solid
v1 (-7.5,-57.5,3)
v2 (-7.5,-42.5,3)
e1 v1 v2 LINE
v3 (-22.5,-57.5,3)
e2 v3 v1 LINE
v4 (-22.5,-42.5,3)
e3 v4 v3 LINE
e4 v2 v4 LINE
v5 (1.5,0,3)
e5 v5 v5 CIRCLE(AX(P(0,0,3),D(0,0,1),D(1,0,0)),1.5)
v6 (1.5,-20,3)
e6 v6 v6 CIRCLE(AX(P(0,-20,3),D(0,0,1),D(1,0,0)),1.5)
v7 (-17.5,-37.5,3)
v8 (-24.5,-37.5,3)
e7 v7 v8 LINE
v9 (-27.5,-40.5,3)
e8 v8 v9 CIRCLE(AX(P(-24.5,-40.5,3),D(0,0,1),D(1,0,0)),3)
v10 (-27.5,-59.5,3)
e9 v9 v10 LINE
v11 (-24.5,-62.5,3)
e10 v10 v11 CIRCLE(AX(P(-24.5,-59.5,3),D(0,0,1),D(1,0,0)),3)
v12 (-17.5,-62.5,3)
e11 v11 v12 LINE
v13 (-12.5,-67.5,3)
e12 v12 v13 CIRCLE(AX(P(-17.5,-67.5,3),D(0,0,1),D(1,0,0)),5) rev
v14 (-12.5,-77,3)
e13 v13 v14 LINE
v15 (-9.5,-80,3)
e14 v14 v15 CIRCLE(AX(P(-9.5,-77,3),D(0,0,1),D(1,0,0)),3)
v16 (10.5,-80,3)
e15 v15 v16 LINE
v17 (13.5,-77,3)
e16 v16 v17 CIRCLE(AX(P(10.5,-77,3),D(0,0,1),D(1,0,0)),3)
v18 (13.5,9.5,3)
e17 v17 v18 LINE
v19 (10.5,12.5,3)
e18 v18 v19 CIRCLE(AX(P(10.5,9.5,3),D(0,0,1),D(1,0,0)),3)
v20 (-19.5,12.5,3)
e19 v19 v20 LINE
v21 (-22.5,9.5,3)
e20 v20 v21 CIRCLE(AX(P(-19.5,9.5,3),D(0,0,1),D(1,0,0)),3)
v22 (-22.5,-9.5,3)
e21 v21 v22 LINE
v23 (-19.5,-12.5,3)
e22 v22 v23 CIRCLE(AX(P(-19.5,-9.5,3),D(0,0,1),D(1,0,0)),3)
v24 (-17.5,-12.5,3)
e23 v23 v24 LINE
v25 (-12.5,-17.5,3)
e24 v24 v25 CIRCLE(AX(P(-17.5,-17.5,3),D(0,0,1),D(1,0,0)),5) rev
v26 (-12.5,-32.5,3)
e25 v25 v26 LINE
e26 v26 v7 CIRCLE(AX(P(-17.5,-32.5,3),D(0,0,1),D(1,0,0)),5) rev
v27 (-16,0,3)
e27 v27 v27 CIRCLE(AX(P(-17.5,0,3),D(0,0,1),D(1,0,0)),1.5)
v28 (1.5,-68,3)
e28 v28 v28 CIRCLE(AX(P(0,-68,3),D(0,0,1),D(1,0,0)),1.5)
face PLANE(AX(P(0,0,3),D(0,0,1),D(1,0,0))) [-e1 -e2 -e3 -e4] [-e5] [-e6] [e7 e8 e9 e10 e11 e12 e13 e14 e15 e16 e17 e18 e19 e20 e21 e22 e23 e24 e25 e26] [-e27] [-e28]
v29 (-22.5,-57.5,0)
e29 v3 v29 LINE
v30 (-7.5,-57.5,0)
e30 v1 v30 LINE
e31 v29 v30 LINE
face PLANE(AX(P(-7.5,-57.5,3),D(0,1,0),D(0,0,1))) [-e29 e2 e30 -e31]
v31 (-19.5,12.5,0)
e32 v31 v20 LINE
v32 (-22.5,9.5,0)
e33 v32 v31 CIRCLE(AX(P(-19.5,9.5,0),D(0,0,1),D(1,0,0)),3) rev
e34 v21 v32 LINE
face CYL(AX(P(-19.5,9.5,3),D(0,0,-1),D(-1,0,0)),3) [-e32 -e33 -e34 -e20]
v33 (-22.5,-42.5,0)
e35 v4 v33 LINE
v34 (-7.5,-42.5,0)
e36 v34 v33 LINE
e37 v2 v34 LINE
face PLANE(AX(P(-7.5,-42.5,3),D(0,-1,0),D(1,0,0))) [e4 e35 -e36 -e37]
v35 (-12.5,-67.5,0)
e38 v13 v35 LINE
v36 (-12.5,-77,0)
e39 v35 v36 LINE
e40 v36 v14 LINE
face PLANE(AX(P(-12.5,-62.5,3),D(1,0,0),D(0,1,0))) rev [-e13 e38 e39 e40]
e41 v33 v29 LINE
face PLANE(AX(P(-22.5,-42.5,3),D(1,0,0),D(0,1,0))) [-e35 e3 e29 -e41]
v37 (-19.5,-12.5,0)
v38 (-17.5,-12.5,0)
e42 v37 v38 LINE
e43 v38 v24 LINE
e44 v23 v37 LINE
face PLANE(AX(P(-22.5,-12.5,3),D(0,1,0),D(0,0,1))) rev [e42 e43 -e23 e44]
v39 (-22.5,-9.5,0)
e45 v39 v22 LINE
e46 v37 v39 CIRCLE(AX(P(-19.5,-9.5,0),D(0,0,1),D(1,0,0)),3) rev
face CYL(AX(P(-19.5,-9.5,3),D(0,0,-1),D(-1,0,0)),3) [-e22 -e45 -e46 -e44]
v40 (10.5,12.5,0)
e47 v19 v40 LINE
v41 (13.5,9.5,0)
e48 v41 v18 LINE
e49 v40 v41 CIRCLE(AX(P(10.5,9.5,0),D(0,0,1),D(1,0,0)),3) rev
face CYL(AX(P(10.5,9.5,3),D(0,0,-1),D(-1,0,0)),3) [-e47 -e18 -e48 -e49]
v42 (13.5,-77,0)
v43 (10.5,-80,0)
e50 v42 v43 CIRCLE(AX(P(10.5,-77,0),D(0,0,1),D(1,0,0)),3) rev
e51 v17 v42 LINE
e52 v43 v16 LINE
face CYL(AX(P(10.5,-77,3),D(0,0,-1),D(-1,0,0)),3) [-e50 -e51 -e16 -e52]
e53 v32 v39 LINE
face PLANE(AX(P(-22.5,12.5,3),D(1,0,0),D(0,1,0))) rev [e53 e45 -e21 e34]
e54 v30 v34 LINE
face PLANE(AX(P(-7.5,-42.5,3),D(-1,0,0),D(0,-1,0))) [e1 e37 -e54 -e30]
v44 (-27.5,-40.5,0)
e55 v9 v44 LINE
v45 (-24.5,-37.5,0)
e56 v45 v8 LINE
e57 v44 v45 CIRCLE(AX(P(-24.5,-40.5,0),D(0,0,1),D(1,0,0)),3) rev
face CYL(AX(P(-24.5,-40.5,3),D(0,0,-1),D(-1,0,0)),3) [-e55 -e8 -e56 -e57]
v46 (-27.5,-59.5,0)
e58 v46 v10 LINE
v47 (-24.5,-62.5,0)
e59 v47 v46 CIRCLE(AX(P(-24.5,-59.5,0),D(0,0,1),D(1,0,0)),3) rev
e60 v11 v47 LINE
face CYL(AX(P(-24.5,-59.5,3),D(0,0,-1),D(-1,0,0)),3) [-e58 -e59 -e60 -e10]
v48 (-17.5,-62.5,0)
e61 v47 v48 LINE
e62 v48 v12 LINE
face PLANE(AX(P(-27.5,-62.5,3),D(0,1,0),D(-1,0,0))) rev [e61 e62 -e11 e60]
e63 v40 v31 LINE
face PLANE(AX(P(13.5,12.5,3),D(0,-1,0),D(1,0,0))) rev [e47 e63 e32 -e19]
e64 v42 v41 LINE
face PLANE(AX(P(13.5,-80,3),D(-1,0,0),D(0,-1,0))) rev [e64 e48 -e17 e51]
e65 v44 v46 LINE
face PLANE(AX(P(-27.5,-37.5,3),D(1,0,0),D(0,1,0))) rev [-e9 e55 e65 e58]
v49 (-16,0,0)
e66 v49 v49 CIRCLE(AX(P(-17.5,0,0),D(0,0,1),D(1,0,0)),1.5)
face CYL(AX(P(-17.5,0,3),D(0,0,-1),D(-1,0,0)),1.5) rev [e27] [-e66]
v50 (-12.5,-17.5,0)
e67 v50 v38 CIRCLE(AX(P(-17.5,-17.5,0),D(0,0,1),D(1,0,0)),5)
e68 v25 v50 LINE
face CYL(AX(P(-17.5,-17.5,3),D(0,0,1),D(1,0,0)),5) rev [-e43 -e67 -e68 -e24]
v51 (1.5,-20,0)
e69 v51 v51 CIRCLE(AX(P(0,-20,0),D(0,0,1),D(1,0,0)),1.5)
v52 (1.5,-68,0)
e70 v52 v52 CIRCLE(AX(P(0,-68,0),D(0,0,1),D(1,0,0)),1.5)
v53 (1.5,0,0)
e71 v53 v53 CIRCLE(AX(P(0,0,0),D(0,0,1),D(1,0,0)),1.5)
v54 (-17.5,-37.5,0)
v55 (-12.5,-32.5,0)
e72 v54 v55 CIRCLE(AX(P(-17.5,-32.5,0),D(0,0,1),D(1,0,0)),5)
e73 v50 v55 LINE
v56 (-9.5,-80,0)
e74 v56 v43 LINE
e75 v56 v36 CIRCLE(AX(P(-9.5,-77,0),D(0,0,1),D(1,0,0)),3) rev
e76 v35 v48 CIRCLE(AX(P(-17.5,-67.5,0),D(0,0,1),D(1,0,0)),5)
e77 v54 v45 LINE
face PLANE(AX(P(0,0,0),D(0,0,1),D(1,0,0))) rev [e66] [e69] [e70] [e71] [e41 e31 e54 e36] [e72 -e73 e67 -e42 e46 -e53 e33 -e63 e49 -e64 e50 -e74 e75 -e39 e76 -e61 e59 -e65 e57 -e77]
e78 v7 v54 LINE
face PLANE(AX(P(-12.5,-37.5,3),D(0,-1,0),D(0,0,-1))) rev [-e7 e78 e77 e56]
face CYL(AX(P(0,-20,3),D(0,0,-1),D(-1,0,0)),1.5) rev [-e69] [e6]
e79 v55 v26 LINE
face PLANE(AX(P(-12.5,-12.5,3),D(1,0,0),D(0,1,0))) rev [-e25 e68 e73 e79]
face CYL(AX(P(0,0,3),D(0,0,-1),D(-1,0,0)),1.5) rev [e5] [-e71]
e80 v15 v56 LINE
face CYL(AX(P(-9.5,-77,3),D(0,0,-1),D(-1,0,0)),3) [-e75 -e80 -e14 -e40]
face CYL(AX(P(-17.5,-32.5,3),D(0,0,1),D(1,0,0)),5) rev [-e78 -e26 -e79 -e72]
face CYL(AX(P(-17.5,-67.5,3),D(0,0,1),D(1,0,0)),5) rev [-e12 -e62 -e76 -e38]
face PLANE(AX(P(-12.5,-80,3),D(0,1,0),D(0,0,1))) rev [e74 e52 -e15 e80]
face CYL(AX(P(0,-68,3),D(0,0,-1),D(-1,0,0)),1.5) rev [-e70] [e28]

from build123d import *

# Parameters (mm, degrees)
SKETCH_1_R      = 1.5
SKETCH_1_W      = 15
SKETCH_1_H      = 15
EXTRUDE_1_DEPTH = 3
FILLET_1_R      = 5
FILLET_2_R      = 3


with BuildPart() as part:
    # 草图1 → 凸台-拉伸1 (new body)
    with BuildSketch(Plane.XY):
        Polygon((13.5, -80), (13.5, 12.5), (-22.5, 12.5), (-22.5, -12.5), (-12.5, -12.5), (-12.5, -37.5), (-27.5, -37.5), (-27.5, -62.5), (-12.5, -62.5), (-12.5, -80), align=None)
        Circle(SKETCH_1_R, mode=Mode.SUBTRACT)
        with Locations((0, -20)):
            Circle(SKETCH_1_R, mode=Mode.SUBTRACT)
        with Locations((0, -68)):
            Circle(SKETCH_1_R, mode=Mode.SUBTRACT)
        with Locations((-17.5, 0)):
            Circle(SKETCH_1_R, mode=Mode.SUBTRACT)
        with Locations((-15, -50)):
            Rectangle(SKETCH_1_W, SKETCH_1_H, mode=Mode.SUBTRACT)
    extrude(amount=EXTRUDE_1_DEPTH)

    # 圆角1
    fillet_1_edges = [part.edges().sort_by_distance(p)[0] for p in [
        (-12.5, -62.5, 1.5),
        (-12.5, -37.5, 1.5),
        (-12.5, -12.5, 1.5),
    ]]
    fillet(fillet_1_edges, radius=FILLET_1_R)

    # 圆角2
    fillet_2_edges = [part.edges().sort_by_distance(p)[0] for p in [
        (13.5, 12.5, 1.5),
        (13.5, -80, 1.5),
        (-12.5, -80, 1.5),
        (-27.5, -62.5, 1.5),
        (-27.5, -37.5, 1.5),
        (-22.5, -12.5, 1.5),
        (-22.5, 12.5, 1.5),
    ]]
    fillet(fillet_2_edges, radius=FILLET_2_R)


solid = part.part
